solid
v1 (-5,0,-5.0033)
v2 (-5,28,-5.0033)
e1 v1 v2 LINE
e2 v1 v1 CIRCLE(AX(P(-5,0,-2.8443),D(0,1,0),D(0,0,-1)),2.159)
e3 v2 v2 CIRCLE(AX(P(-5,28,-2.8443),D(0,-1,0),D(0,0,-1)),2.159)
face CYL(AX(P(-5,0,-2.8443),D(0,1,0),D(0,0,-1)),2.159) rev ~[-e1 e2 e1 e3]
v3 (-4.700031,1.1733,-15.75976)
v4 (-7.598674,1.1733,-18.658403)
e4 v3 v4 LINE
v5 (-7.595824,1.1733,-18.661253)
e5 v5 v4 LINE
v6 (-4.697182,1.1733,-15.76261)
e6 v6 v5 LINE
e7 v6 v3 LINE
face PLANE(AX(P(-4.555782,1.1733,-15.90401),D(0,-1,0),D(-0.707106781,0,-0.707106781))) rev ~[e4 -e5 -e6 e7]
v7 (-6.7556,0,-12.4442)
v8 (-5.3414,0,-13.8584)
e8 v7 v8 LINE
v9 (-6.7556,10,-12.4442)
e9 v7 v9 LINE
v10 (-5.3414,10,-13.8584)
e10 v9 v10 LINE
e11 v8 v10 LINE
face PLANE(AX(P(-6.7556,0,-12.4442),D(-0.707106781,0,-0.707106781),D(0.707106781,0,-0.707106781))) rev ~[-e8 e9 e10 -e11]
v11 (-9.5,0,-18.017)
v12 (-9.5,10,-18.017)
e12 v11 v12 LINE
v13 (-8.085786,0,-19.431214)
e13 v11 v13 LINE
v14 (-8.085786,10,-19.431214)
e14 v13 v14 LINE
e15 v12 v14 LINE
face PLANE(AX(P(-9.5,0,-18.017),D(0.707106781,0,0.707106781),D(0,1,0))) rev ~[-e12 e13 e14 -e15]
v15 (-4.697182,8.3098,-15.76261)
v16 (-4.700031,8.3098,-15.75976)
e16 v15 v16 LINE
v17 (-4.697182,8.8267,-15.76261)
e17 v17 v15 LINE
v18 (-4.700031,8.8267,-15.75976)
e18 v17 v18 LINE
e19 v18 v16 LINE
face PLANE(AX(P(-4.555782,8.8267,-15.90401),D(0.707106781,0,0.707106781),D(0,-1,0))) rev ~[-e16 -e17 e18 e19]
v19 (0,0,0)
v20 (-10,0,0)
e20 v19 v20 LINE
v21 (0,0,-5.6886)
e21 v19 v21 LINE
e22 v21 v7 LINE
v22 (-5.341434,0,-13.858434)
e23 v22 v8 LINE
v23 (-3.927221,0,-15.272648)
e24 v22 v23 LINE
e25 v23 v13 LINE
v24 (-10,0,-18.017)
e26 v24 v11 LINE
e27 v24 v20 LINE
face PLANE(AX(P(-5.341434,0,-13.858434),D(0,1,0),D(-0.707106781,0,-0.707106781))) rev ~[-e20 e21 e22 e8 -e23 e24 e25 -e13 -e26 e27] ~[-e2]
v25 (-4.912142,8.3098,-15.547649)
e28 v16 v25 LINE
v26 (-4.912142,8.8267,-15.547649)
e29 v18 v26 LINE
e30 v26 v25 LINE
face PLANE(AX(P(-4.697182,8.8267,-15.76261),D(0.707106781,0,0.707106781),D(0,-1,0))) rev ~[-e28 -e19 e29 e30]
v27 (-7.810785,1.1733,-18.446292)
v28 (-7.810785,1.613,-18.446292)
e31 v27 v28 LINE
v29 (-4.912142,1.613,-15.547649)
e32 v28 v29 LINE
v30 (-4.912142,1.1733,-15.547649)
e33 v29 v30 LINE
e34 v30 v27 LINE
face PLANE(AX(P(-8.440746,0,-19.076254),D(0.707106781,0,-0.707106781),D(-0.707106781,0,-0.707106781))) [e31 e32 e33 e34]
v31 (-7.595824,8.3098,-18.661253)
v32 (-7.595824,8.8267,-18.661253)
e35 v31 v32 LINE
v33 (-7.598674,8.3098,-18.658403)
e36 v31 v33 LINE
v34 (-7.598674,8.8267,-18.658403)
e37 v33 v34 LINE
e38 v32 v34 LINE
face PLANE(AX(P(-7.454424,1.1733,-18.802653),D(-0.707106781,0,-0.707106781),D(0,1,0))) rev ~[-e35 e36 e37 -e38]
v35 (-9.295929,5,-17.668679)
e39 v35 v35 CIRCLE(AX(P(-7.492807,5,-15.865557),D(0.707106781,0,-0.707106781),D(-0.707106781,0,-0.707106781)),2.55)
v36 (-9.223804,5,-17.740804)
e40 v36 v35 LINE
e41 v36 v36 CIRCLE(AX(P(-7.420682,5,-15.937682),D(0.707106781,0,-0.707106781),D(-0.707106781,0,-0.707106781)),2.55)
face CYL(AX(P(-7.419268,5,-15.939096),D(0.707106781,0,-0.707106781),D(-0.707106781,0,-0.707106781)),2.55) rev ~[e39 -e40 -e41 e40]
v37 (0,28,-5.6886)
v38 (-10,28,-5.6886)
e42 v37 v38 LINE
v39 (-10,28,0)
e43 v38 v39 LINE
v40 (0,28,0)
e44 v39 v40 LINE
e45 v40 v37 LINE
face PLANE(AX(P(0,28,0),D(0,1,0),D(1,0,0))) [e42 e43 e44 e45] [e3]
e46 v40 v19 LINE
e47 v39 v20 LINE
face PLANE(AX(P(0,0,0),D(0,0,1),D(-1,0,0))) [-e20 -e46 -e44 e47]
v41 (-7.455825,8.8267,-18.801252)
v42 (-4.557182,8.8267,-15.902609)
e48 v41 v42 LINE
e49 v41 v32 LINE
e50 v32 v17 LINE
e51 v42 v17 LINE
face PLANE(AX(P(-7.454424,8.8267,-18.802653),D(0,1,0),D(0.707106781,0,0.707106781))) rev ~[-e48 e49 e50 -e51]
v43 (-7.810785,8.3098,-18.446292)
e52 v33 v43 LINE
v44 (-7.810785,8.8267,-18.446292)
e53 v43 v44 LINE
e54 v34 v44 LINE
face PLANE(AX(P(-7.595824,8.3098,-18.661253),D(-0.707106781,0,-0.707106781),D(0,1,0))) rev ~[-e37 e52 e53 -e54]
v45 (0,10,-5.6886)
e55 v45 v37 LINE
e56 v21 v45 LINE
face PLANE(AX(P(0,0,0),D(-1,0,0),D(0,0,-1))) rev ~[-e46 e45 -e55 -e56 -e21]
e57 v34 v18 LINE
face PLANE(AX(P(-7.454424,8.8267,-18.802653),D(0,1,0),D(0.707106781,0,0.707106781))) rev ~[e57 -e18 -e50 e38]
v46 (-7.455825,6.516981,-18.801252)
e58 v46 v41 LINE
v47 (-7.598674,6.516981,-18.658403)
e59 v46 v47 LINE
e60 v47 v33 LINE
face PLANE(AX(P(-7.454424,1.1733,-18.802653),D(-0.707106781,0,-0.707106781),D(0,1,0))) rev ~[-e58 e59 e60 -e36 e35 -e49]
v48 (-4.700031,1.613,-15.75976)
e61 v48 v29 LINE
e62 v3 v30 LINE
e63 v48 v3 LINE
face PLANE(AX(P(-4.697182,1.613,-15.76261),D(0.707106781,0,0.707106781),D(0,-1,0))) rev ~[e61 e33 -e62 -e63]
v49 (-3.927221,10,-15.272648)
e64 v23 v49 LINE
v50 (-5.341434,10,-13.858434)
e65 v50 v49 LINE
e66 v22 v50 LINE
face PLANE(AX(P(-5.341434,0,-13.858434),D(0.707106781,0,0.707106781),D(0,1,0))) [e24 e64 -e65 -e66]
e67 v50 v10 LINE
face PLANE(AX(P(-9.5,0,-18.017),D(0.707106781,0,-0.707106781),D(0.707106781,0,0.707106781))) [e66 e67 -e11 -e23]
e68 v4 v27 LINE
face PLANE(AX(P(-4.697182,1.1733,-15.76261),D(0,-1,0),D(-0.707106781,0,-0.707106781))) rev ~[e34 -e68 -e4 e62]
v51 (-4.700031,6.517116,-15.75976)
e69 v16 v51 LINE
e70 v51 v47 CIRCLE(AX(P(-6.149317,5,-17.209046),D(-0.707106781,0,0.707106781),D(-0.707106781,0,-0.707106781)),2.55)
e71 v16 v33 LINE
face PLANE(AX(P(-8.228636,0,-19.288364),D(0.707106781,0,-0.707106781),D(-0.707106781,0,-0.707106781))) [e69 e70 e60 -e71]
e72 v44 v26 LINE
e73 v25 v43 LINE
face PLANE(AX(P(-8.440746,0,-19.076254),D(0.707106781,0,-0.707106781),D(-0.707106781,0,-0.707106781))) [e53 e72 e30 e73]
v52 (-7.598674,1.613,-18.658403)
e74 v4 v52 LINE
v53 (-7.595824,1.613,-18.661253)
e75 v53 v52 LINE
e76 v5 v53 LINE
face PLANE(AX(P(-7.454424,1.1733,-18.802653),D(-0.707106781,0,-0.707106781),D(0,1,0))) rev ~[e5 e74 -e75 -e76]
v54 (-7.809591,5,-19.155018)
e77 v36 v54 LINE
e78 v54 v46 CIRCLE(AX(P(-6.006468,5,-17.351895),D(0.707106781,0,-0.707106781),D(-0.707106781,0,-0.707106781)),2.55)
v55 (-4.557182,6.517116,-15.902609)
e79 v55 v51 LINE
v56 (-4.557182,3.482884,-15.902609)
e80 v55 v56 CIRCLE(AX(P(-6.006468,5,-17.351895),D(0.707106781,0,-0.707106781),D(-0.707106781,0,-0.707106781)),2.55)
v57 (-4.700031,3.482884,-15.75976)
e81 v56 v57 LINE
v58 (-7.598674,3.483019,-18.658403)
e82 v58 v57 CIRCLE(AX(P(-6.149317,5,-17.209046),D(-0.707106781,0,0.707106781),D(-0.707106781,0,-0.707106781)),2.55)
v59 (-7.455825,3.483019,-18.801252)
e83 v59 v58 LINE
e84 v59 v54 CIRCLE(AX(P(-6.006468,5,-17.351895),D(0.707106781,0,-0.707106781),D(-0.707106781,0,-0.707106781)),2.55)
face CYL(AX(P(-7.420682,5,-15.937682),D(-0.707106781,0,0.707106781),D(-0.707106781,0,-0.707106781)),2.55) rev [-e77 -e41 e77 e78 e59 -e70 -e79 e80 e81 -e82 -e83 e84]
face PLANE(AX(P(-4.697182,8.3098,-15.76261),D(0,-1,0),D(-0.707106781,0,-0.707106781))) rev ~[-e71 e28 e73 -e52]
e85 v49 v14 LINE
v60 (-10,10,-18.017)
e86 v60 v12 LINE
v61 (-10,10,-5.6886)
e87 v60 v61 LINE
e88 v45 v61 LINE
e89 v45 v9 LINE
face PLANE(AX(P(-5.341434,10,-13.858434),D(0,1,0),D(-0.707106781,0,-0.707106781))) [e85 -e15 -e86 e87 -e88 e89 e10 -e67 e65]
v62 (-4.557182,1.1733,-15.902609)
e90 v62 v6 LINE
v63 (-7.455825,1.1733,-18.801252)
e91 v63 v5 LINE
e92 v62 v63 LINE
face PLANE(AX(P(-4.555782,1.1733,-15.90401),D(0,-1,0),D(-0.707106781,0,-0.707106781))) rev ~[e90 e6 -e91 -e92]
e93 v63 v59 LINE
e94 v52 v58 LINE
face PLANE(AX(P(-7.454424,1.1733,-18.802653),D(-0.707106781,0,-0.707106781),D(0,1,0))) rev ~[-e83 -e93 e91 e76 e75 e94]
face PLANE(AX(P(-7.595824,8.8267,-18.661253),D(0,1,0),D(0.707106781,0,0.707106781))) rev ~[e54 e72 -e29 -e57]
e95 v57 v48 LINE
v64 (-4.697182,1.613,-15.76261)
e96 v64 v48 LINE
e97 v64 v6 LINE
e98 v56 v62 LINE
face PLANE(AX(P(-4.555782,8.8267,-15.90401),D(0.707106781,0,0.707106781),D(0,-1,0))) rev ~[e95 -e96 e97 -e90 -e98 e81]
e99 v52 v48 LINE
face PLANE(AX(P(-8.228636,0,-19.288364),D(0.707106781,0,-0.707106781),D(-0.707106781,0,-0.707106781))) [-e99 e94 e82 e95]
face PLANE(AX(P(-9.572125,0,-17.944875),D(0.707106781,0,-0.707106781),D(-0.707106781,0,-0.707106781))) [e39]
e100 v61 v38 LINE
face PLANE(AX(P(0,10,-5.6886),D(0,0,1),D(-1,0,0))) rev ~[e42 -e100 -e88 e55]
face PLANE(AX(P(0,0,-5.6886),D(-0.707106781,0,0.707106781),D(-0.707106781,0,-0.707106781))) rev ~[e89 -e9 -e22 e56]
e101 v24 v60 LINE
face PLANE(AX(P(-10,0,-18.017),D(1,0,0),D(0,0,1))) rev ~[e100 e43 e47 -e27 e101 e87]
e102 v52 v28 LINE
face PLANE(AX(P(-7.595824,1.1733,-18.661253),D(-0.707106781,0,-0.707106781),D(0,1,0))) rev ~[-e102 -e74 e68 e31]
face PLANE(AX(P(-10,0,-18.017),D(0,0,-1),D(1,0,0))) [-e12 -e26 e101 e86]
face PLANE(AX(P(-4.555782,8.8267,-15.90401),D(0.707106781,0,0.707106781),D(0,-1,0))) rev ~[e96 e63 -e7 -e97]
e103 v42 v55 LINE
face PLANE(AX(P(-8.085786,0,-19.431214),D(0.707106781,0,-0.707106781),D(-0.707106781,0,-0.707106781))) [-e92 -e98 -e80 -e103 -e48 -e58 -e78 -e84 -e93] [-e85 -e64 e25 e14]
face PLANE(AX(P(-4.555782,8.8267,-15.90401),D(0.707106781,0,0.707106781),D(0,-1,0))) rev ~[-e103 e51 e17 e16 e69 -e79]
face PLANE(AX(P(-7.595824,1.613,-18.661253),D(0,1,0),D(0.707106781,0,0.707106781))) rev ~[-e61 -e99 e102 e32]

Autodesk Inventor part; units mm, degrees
ref_plane "YZ Plane" through (0, 0, 0) normal (1, 0, 0) x (0, 1, 0)
ref_plane "XZ Plane" through (0, 0, 0) normal (0, 1, 0) x (-1, 0, 0)
ref_plane "XY Plane" through (0, 0, 0) normal (0, 0, 1) x (1, 0, 0)
sketch "Sketch1" plane through (0, 0, 0) normal (0, 1, 0) x (-1, 0, 0)
  line L0 (0, -5.6886) -> (6.7556, -12.4442)
  line L1 (6.7556, -12.4442) -> (5.3414, -13.8584)
  line L2 (9.5, -18.017) -> (5.3414, -13.8584)
  line L3 (10, -18.017) -> (9.5, -18.017)
  line L4 (10, -18.017) -> (10, 0)
  line L5 (0, 0) -> (10, 0)
  line L6 (0, 0) -> (0, -5.6886)
  circle A0 centre (5, -2.8443) radius 1.339
extrude "Extrusion1" add sketch "Sketch1" along normal blind 10
sketch "Sketch2" plane through (0, 10, 0) normal (0, 1, 0) x (1, 0, 0)
  line L0 (0, 5.6886) -> (-10, 5.6886)
  line L1 (-10, 5.6886) -> (-10, 0)
  line L2 (-10, 0) -> (0, 0)
  line L3 (0, 0) -> (0, 5.6886)
extrude "Extrusion2" add sketch "Sketch2" along normal blind 20
sketch "Sketch3" plane through (0, 0, 0) normal (0, -1, 0) x (1, 0, 0)
  circle A0 centre (-5, -2.8443) radius 1.339 projected
hole "Hole1" at (-5, 0, -2.8443) direction (0, 1, 0) diameter 4.318 depth 31 tip angle 118
sketch "Sketch4" plane through (-9.5, 0, -18.017) normal (0.7071, 0, -0.7071) x (-0.7071, 0, -0.7071)
  circle A0 centre (-2.9406, 5) radius 2.55
  point P0 (-19.4575, 0)
  dimension "d11" = 5.1
extrude "Extrusion3" cut sketch "Sketch4" against normal blind 0.1
sketch "Sketch6" plane through (-9.5, 0, -18.017) normal (0.7071, 0, -0.7071) x (-0.7071, 0, -0.7071)
  circle A0 centre (-2.9406, 5) radius 2.55 projected
  line L0 (-5.8811, 0) -> (0, 0) projected
  line L1 (0, 0) -> (0, 10) projected
  line L2 (-5.8811, 10) -> (0, 10) projected
  line L3 (-5.8811, 0) -> (-5.8811, 10) projected
  point P0 (-19.4575, 0)
sketch "Sketch8" plane through (0, 30, 0) normal (0, 1, 0) x (1, 0, 0)
  circle A0 centre (-5, 2.8443) radius 2.159 projected
  line L0 (0, 5.6886) -> (-10, 5.6886) projected
  line L1 (-10, 5.6886) -> (-10, 0) projected
  line L2 (-10, 0) -> (0, 0) projected
  line L3 (0, 0) -> (0, 5.6886) projected
extrude "Extrusion5" cut sketch "Sketch8" against normal blind 2
extrude "Extrusion6" add sketch "Sketch6" along normal blind 2
sketch "Sketch9" plane through (-8.0858, 0, -19.4312) normal (0.7071, 0, -0.7071) x (-0.7071, 0, -0.7071)
  line L0 (-4.9902, 1.1733) -> (-0.8909, 1.1733)
  line L1 (-0.8909, 1.1733) -> (-0.8909, 8.8267)
  line L2 (-0.8909, 8.8267) -> (-4.9902, 8.8267)
  line L3 (-4.9902, 8.8267) -> (-4.9902, 1.1733)
  line L4 (-4.9902, 1.1733) -> (-0.8909, 8.8267) construction
  line L5 (-0.8909, 1.1733) -> (-4.9902, 8.8267) construction
  point P0 (-19.4575, 0)
  point P1 (-2.9406, 5)
extrude "Extrusion7" cut sketch "Sketch9" against normal blind 0.2
sketch "Sketch10" plane through (-8.2272, 0, -19.2898) normal (0.7071, 0, -0.7071) x (-0.7071, 0, -0.7071)
  line L0 (-4.9902, 8.3098) -> (-0.8909, 8.3098)
  line L1 (-0.8909, 8.3098) -> (-0.8909, 8.8267)
  line L2 (-0.8909, 8.8267) -> (-4.9902, 8.8267)
  line L3 (-4.9902, 8.8267) -> (-4.9902, 8.3098)
  point P0 (-19.4575, 0)
extrude "Extrusion8" cut sketch "Sketch10" against normal blind 0.3
sketch "Sketch11" plane through (-8.2272, 0, -19.2898) normal (0.7071, 0, -0.7071) x (-0.7071, 0, -0.7071)
  line L0 (-4.9902, 1.1733) -> (-0.8909, 1.1733)
  line L1 (-0.8909, 1.1733) -> (-0.8909, 1.613)
  line L2 (-0.8909, 1.613) -> (-4.9902, 1.613)
  line L3 (-4.9902, 1.613) -> (-4.9902, 1.1733)
  point P0 (-19.4575, 0)
extrude "Extrusion9" cut sketch "Sketch11" against normal blind 0.3
properties part number "sampleHolder_v3"
